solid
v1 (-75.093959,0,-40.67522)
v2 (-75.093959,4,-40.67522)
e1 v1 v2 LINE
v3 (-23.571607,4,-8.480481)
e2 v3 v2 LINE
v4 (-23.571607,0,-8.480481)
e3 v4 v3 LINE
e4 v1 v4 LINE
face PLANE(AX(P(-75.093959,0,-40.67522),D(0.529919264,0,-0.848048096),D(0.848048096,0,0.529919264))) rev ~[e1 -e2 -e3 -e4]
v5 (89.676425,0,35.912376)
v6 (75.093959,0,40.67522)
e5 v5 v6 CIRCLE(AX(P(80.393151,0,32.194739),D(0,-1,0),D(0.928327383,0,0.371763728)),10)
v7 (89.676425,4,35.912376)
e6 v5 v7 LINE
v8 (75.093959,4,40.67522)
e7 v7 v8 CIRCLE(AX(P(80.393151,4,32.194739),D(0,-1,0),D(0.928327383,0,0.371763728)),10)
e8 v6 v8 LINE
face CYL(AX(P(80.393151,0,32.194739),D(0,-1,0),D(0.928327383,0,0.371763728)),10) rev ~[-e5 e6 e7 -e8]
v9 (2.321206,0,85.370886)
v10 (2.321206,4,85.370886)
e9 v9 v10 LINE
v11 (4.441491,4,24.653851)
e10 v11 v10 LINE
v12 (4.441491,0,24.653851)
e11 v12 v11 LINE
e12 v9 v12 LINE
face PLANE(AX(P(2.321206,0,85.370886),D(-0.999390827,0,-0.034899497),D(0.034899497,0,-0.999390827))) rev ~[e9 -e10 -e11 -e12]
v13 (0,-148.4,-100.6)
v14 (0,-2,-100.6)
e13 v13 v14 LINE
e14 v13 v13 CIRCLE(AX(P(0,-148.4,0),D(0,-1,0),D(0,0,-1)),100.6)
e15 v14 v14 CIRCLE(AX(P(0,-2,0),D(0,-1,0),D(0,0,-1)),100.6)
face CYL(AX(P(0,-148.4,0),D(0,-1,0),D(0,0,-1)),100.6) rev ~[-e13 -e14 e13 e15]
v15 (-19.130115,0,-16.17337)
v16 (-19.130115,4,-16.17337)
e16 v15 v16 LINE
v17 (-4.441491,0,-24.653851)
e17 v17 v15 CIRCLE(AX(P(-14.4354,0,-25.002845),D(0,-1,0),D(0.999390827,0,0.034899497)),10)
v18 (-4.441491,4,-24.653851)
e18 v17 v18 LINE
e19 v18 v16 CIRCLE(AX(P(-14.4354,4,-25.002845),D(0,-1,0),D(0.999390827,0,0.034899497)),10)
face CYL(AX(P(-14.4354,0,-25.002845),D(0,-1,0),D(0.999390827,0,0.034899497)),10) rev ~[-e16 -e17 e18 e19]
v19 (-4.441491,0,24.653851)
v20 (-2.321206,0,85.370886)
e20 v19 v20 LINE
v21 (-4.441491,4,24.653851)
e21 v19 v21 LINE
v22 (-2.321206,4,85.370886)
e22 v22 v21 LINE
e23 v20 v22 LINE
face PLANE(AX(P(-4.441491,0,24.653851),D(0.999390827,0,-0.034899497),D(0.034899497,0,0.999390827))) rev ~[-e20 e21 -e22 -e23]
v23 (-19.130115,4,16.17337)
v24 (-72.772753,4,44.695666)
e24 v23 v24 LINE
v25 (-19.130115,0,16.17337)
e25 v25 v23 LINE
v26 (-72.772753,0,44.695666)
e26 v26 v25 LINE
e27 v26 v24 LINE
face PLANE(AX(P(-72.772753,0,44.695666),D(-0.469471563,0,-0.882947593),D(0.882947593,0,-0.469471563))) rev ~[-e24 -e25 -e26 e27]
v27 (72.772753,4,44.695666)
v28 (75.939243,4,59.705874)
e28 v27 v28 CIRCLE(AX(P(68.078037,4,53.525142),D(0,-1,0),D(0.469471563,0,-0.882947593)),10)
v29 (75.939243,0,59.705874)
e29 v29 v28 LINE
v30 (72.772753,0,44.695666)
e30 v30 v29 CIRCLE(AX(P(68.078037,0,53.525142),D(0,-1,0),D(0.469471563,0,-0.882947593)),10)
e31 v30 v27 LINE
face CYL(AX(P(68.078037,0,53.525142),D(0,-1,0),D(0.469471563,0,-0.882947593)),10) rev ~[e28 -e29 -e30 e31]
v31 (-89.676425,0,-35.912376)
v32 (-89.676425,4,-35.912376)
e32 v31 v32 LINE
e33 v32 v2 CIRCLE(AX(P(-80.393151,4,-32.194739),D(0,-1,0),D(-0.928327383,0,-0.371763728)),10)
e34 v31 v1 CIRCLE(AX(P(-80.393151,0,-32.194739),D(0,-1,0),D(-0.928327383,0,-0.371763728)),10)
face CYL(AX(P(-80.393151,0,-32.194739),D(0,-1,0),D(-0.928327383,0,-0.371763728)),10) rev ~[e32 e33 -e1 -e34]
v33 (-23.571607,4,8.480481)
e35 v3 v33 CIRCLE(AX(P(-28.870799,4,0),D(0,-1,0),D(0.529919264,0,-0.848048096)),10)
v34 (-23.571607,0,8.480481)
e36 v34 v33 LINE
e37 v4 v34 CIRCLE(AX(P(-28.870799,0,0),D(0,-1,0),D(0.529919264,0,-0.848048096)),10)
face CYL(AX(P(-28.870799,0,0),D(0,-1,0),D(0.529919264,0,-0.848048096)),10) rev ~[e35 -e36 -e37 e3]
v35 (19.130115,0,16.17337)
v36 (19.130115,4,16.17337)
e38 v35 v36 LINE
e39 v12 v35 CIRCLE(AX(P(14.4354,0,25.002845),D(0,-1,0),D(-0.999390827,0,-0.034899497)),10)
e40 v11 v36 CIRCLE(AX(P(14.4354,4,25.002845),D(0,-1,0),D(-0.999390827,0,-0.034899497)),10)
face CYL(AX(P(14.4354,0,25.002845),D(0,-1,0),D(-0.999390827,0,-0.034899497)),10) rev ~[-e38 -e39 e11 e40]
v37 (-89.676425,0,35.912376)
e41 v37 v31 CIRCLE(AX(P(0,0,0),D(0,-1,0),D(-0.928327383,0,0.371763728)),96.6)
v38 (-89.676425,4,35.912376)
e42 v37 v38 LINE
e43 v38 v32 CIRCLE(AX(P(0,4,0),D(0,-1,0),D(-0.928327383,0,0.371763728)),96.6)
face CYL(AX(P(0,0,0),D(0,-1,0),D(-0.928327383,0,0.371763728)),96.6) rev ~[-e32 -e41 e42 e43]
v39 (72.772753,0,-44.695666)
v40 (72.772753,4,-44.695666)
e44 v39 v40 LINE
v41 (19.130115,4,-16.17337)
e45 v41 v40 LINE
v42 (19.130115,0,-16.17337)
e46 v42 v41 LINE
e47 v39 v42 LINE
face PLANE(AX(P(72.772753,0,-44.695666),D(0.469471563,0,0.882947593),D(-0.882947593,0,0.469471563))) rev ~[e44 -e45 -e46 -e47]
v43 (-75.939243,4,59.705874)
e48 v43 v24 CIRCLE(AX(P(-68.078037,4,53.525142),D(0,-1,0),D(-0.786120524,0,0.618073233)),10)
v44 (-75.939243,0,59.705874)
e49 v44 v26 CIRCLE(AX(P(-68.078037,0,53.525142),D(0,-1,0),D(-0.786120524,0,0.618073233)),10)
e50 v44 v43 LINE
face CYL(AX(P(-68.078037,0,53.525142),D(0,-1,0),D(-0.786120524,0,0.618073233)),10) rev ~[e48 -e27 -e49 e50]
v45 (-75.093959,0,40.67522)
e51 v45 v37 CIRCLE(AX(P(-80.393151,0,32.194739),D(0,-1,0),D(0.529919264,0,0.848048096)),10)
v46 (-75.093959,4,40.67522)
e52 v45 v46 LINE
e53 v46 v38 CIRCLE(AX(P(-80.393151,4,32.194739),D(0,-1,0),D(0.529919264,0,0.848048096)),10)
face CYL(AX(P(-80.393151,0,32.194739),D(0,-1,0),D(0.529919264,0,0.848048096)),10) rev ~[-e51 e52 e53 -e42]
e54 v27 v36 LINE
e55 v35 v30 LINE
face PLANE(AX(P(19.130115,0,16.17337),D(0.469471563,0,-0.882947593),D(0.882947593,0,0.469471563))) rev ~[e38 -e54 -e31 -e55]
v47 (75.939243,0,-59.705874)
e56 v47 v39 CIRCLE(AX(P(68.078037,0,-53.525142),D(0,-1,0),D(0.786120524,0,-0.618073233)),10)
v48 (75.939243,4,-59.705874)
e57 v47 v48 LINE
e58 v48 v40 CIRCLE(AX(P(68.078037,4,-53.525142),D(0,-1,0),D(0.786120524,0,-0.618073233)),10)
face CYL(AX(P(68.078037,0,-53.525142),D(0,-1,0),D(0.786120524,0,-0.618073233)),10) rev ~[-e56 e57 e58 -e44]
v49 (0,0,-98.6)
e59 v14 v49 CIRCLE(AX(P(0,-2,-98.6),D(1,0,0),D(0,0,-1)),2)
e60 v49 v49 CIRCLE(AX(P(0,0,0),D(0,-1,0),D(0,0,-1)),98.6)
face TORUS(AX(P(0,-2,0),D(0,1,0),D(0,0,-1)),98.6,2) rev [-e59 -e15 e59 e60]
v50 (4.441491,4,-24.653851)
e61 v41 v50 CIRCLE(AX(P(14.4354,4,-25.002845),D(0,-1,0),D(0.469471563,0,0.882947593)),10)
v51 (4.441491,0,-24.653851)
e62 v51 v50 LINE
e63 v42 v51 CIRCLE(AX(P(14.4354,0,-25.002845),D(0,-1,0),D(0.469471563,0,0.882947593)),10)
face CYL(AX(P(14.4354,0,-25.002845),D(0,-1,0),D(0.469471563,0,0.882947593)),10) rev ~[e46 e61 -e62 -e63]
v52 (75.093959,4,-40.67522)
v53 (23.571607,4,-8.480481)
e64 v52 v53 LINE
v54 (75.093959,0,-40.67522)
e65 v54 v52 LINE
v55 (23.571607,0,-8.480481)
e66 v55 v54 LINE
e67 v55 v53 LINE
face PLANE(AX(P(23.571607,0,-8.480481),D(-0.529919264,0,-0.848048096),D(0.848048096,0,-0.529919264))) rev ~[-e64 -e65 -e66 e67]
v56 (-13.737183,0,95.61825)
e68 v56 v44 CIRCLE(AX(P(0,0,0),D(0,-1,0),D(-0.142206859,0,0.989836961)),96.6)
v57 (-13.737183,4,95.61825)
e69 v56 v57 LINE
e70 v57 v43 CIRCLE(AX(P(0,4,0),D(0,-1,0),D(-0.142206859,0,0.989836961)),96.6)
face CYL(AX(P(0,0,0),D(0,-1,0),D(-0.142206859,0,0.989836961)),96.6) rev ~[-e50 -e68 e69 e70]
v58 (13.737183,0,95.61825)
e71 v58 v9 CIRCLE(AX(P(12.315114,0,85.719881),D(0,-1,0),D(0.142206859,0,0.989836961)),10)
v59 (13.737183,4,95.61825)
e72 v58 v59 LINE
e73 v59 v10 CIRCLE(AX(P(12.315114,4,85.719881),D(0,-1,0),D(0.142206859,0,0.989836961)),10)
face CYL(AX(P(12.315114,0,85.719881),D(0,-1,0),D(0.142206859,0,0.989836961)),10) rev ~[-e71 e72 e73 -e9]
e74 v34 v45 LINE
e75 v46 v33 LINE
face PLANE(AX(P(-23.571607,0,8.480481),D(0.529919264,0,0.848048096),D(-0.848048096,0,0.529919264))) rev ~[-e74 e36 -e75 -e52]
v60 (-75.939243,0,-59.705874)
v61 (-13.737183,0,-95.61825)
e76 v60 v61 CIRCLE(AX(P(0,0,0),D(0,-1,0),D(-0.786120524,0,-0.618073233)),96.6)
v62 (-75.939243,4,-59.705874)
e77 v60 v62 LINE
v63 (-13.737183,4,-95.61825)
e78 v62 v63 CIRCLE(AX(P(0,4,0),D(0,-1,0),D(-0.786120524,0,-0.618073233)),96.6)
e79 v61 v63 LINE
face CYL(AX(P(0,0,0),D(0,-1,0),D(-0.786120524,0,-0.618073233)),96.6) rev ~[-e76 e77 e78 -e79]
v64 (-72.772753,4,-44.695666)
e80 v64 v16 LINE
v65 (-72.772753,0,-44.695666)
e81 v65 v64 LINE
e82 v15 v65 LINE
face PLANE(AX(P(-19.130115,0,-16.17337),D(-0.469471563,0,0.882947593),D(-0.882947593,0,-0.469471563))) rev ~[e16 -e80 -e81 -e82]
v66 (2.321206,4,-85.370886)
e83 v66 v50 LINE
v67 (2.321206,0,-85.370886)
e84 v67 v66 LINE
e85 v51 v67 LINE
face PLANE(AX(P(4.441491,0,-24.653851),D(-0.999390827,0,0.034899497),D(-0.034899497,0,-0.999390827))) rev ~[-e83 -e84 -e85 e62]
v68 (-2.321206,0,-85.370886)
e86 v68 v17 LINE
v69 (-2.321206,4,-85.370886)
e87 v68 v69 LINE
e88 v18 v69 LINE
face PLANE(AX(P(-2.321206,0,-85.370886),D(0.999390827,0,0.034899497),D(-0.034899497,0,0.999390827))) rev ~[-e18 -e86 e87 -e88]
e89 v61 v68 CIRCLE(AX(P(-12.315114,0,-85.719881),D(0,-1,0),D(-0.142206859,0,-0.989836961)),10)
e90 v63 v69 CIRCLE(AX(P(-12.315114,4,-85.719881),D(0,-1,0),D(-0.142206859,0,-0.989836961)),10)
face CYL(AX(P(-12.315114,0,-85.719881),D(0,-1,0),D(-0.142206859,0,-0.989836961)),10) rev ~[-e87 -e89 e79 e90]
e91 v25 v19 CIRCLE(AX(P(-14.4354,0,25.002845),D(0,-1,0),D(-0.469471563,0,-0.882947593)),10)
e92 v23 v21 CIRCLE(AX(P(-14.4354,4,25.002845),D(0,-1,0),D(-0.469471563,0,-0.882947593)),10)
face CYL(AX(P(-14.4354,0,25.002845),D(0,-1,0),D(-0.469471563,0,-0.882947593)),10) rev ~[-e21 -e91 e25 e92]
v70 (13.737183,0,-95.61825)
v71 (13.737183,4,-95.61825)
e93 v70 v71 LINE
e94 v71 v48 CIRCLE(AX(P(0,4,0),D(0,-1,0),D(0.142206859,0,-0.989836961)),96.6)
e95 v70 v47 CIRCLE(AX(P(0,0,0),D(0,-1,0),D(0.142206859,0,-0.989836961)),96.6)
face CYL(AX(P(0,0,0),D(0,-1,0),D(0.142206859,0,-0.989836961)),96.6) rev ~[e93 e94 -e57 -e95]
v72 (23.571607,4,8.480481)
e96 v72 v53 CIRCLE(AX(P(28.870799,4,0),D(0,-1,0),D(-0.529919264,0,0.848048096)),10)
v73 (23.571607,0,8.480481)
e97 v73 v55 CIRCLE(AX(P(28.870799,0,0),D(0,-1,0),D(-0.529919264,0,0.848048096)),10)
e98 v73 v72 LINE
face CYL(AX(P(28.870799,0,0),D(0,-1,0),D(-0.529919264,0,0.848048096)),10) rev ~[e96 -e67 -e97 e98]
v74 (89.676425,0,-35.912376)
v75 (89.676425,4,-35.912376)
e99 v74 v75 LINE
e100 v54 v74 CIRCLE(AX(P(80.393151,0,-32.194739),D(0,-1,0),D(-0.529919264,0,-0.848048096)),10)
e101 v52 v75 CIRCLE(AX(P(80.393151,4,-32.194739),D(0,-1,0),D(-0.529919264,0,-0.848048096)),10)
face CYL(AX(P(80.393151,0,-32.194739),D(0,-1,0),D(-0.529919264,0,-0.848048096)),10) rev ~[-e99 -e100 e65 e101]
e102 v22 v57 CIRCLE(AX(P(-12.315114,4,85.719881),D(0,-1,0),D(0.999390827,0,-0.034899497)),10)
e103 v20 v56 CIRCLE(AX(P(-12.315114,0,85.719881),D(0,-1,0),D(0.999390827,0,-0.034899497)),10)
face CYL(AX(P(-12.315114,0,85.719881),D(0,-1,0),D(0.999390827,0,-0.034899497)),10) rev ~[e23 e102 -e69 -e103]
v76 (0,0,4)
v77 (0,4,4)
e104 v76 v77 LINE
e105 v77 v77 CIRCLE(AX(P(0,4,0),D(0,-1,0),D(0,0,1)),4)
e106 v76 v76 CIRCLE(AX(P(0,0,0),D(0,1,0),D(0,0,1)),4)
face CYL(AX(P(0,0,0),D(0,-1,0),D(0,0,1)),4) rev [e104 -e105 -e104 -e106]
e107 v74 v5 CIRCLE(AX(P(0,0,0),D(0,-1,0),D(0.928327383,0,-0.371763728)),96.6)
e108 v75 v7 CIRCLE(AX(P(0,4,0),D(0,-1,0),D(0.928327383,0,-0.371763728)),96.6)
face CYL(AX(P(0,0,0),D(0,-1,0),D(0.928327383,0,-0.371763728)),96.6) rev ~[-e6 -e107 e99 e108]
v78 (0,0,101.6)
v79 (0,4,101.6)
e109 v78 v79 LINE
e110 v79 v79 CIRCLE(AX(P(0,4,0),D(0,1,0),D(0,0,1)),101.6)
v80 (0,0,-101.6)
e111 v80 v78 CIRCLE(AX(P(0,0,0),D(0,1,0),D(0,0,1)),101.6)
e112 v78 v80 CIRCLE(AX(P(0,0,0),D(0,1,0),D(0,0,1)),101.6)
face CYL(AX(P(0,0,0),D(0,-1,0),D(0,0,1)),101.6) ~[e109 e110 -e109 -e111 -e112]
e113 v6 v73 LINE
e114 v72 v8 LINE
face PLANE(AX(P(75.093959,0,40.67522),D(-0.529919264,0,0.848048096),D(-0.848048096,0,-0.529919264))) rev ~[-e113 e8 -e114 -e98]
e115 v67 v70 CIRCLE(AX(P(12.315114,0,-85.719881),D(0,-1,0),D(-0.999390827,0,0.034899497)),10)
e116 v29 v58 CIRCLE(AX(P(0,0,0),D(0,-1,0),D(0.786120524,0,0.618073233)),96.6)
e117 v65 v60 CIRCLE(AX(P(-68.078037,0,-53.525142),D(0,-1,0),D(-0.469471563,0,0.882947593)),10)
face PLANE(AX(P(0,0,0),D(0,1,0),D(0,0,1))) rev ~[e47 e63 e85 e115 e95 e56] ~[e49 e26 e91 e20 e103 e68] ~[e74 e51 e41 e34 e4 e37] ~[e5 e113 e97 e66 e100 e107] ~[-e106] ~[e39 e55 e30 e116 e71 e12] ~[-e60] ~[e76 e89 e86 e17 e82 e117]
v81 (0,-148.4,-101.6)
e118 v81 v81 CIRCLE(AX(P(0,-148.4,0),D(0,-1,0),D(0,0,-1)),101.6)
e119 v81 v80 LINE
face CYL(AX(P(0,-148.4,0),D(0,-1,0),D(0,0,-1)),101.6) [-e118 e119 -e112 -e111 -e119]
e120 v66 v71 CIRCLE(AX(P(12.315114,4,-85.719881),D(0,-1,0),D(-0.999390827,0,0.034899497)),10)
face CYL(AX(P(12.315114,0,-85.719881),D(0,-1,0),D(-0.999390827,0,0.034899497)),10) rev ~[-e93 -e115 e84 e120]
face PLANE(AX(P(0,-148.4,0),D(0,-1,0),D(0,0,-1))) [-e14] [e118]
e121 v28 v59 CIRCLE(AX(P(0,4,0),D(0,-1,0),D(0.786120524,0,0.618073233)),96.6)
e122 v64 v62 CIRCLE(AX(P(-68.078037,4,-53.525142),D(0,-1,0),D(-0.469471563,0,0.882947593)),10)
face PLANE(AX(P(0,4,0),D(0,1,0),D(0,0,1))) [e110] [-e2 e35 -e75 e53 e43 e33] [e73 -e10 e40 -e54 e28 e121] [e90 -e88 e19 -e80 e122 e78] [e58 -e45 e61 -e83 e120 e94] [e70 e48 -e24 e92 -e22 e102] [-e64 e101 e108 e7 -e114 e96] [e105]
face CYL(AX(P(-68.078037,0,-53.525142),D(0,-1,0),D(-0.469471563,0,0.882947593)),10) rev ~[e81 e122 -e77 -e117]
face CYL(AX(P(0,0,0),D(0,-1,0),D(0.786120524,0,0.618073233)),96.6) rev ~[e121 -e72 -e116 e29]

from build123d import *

# Parameters (mm, degrees)
SKETCH1_R           = 101.6
BOSS_EXTRUDE1_DEPTH = 4
CUT_EXTRUDE2_DEPTH  = 144.739764853
CIRPATTERN1_COUNT   = 6
SKETCH5_R           = 4
CUT_EXTRUDE3_DEPTH  = 144.739764853
BOSS_EXTRUDE2_START = 148.4
SKETCH6_R           = 101.6
SKETCH6_R_2         = 100.6
BOSS_EXTRUDE2_DEPTH = 148.4
FILLET1_R           = 2


with BuildPart() as part:
    # Sketch1 → Boss-Extrude1 (new body)
    with BuildSketch(Plane(origin=(0, 0, 0), x_dir=(1, 0, 0), z_dir=(0, 1, 0))):
        with Locations(Location((0, 0, 0), (0, 0, 270))):
            Circle(SKETCH1_R)
    extrude(amount=BOSS_EXTRUDE1_DEPTH)

    # Sketch2 → Cut-Extrude2 (cut, through all)
    with BuildSketch(Plane(origin=(0, 0, 0), x_dir=(1, 0, 0), z_dir=(0, 1, 0))):
        with BuildLine():
            Line((23.571606506, 8.480480962), (75.093958746, 40.675219815))
            ThreePointArc((75.093958746, 40.675219815), (83.497889012, 41.700558349), (89.676425221, 35.912376134))
            ThreePointArc((89.676425221, 35.912376134), (96.6, 0), (89.676425221, -35.912376134))
            ThreePointArc((89.676425221, -35.912376134), (83.497889012, -41.700558349), (75.093958746, -40.675219815))
            Line((75.093958746, -40.675219815), (23.571606506, -8.480480962))
            ThreePointArc((23.571606506, -8.480480962), (18.870799148, 0), (23.571606506, 8.480480962))
        make_face()
    cut_extrude2 = extrude(amount=CUT_EXTRUDE2_DEPTH, mode=Mode.SUBTRACT)

    # CirPattern1: Cut-Extrude2 ×6 about axis
    cirpattern1_axis = Axis((0, 0, 0), (0, 1, 0))
    for i in range(1, CIRPATTERN1_COUNT):
        add(cut_extrude2.rotate(cirpattern1_axis, i * 360 / CIRPATTERN1_COUNT), mode=Mode.SUBTRACT)

    # Sketch5 → Cut-Extrude3 (cut, through all)
    with BuildSketch(Plane(origin=(0, 0, 0), x_dir=(1, 0, 0), z_dir=(0, 1, 0))):
        with Locations(Location((0, 0, 0), (0, 0, 270))):
            Circle(SKETCH5_R)
    extrude(amount=CUT_EXTRUDE3_DEPTH, mode=Mode.SUBTRACT)

    # Sketch6 → Boss-Extrude2 (add)
    with BuildSketch(Plane.XZ.offset(BOSS_EXTRUDE2_START)):
        with Locations(Location((0, 0, 0), (0, 0, 270))):
            Circle(SKETCH6_R)
        with Locations(Location((0, 0, 0), (0, 0, 270))):
            Circle(SKETCH6_R_2, mode=Mode.SUBTRACT)
    extrude(amount=-BOSS_EXTRUDE2_DEPTH)

    # Fillet1
    fillet1_edges = [part.edges().sort_by_distance(p)[0] for p in [
        (0, 0, 100.6),
    ]]
    fillet(fillet1_edges, radius=FILLET1_R)


solid = part.part
